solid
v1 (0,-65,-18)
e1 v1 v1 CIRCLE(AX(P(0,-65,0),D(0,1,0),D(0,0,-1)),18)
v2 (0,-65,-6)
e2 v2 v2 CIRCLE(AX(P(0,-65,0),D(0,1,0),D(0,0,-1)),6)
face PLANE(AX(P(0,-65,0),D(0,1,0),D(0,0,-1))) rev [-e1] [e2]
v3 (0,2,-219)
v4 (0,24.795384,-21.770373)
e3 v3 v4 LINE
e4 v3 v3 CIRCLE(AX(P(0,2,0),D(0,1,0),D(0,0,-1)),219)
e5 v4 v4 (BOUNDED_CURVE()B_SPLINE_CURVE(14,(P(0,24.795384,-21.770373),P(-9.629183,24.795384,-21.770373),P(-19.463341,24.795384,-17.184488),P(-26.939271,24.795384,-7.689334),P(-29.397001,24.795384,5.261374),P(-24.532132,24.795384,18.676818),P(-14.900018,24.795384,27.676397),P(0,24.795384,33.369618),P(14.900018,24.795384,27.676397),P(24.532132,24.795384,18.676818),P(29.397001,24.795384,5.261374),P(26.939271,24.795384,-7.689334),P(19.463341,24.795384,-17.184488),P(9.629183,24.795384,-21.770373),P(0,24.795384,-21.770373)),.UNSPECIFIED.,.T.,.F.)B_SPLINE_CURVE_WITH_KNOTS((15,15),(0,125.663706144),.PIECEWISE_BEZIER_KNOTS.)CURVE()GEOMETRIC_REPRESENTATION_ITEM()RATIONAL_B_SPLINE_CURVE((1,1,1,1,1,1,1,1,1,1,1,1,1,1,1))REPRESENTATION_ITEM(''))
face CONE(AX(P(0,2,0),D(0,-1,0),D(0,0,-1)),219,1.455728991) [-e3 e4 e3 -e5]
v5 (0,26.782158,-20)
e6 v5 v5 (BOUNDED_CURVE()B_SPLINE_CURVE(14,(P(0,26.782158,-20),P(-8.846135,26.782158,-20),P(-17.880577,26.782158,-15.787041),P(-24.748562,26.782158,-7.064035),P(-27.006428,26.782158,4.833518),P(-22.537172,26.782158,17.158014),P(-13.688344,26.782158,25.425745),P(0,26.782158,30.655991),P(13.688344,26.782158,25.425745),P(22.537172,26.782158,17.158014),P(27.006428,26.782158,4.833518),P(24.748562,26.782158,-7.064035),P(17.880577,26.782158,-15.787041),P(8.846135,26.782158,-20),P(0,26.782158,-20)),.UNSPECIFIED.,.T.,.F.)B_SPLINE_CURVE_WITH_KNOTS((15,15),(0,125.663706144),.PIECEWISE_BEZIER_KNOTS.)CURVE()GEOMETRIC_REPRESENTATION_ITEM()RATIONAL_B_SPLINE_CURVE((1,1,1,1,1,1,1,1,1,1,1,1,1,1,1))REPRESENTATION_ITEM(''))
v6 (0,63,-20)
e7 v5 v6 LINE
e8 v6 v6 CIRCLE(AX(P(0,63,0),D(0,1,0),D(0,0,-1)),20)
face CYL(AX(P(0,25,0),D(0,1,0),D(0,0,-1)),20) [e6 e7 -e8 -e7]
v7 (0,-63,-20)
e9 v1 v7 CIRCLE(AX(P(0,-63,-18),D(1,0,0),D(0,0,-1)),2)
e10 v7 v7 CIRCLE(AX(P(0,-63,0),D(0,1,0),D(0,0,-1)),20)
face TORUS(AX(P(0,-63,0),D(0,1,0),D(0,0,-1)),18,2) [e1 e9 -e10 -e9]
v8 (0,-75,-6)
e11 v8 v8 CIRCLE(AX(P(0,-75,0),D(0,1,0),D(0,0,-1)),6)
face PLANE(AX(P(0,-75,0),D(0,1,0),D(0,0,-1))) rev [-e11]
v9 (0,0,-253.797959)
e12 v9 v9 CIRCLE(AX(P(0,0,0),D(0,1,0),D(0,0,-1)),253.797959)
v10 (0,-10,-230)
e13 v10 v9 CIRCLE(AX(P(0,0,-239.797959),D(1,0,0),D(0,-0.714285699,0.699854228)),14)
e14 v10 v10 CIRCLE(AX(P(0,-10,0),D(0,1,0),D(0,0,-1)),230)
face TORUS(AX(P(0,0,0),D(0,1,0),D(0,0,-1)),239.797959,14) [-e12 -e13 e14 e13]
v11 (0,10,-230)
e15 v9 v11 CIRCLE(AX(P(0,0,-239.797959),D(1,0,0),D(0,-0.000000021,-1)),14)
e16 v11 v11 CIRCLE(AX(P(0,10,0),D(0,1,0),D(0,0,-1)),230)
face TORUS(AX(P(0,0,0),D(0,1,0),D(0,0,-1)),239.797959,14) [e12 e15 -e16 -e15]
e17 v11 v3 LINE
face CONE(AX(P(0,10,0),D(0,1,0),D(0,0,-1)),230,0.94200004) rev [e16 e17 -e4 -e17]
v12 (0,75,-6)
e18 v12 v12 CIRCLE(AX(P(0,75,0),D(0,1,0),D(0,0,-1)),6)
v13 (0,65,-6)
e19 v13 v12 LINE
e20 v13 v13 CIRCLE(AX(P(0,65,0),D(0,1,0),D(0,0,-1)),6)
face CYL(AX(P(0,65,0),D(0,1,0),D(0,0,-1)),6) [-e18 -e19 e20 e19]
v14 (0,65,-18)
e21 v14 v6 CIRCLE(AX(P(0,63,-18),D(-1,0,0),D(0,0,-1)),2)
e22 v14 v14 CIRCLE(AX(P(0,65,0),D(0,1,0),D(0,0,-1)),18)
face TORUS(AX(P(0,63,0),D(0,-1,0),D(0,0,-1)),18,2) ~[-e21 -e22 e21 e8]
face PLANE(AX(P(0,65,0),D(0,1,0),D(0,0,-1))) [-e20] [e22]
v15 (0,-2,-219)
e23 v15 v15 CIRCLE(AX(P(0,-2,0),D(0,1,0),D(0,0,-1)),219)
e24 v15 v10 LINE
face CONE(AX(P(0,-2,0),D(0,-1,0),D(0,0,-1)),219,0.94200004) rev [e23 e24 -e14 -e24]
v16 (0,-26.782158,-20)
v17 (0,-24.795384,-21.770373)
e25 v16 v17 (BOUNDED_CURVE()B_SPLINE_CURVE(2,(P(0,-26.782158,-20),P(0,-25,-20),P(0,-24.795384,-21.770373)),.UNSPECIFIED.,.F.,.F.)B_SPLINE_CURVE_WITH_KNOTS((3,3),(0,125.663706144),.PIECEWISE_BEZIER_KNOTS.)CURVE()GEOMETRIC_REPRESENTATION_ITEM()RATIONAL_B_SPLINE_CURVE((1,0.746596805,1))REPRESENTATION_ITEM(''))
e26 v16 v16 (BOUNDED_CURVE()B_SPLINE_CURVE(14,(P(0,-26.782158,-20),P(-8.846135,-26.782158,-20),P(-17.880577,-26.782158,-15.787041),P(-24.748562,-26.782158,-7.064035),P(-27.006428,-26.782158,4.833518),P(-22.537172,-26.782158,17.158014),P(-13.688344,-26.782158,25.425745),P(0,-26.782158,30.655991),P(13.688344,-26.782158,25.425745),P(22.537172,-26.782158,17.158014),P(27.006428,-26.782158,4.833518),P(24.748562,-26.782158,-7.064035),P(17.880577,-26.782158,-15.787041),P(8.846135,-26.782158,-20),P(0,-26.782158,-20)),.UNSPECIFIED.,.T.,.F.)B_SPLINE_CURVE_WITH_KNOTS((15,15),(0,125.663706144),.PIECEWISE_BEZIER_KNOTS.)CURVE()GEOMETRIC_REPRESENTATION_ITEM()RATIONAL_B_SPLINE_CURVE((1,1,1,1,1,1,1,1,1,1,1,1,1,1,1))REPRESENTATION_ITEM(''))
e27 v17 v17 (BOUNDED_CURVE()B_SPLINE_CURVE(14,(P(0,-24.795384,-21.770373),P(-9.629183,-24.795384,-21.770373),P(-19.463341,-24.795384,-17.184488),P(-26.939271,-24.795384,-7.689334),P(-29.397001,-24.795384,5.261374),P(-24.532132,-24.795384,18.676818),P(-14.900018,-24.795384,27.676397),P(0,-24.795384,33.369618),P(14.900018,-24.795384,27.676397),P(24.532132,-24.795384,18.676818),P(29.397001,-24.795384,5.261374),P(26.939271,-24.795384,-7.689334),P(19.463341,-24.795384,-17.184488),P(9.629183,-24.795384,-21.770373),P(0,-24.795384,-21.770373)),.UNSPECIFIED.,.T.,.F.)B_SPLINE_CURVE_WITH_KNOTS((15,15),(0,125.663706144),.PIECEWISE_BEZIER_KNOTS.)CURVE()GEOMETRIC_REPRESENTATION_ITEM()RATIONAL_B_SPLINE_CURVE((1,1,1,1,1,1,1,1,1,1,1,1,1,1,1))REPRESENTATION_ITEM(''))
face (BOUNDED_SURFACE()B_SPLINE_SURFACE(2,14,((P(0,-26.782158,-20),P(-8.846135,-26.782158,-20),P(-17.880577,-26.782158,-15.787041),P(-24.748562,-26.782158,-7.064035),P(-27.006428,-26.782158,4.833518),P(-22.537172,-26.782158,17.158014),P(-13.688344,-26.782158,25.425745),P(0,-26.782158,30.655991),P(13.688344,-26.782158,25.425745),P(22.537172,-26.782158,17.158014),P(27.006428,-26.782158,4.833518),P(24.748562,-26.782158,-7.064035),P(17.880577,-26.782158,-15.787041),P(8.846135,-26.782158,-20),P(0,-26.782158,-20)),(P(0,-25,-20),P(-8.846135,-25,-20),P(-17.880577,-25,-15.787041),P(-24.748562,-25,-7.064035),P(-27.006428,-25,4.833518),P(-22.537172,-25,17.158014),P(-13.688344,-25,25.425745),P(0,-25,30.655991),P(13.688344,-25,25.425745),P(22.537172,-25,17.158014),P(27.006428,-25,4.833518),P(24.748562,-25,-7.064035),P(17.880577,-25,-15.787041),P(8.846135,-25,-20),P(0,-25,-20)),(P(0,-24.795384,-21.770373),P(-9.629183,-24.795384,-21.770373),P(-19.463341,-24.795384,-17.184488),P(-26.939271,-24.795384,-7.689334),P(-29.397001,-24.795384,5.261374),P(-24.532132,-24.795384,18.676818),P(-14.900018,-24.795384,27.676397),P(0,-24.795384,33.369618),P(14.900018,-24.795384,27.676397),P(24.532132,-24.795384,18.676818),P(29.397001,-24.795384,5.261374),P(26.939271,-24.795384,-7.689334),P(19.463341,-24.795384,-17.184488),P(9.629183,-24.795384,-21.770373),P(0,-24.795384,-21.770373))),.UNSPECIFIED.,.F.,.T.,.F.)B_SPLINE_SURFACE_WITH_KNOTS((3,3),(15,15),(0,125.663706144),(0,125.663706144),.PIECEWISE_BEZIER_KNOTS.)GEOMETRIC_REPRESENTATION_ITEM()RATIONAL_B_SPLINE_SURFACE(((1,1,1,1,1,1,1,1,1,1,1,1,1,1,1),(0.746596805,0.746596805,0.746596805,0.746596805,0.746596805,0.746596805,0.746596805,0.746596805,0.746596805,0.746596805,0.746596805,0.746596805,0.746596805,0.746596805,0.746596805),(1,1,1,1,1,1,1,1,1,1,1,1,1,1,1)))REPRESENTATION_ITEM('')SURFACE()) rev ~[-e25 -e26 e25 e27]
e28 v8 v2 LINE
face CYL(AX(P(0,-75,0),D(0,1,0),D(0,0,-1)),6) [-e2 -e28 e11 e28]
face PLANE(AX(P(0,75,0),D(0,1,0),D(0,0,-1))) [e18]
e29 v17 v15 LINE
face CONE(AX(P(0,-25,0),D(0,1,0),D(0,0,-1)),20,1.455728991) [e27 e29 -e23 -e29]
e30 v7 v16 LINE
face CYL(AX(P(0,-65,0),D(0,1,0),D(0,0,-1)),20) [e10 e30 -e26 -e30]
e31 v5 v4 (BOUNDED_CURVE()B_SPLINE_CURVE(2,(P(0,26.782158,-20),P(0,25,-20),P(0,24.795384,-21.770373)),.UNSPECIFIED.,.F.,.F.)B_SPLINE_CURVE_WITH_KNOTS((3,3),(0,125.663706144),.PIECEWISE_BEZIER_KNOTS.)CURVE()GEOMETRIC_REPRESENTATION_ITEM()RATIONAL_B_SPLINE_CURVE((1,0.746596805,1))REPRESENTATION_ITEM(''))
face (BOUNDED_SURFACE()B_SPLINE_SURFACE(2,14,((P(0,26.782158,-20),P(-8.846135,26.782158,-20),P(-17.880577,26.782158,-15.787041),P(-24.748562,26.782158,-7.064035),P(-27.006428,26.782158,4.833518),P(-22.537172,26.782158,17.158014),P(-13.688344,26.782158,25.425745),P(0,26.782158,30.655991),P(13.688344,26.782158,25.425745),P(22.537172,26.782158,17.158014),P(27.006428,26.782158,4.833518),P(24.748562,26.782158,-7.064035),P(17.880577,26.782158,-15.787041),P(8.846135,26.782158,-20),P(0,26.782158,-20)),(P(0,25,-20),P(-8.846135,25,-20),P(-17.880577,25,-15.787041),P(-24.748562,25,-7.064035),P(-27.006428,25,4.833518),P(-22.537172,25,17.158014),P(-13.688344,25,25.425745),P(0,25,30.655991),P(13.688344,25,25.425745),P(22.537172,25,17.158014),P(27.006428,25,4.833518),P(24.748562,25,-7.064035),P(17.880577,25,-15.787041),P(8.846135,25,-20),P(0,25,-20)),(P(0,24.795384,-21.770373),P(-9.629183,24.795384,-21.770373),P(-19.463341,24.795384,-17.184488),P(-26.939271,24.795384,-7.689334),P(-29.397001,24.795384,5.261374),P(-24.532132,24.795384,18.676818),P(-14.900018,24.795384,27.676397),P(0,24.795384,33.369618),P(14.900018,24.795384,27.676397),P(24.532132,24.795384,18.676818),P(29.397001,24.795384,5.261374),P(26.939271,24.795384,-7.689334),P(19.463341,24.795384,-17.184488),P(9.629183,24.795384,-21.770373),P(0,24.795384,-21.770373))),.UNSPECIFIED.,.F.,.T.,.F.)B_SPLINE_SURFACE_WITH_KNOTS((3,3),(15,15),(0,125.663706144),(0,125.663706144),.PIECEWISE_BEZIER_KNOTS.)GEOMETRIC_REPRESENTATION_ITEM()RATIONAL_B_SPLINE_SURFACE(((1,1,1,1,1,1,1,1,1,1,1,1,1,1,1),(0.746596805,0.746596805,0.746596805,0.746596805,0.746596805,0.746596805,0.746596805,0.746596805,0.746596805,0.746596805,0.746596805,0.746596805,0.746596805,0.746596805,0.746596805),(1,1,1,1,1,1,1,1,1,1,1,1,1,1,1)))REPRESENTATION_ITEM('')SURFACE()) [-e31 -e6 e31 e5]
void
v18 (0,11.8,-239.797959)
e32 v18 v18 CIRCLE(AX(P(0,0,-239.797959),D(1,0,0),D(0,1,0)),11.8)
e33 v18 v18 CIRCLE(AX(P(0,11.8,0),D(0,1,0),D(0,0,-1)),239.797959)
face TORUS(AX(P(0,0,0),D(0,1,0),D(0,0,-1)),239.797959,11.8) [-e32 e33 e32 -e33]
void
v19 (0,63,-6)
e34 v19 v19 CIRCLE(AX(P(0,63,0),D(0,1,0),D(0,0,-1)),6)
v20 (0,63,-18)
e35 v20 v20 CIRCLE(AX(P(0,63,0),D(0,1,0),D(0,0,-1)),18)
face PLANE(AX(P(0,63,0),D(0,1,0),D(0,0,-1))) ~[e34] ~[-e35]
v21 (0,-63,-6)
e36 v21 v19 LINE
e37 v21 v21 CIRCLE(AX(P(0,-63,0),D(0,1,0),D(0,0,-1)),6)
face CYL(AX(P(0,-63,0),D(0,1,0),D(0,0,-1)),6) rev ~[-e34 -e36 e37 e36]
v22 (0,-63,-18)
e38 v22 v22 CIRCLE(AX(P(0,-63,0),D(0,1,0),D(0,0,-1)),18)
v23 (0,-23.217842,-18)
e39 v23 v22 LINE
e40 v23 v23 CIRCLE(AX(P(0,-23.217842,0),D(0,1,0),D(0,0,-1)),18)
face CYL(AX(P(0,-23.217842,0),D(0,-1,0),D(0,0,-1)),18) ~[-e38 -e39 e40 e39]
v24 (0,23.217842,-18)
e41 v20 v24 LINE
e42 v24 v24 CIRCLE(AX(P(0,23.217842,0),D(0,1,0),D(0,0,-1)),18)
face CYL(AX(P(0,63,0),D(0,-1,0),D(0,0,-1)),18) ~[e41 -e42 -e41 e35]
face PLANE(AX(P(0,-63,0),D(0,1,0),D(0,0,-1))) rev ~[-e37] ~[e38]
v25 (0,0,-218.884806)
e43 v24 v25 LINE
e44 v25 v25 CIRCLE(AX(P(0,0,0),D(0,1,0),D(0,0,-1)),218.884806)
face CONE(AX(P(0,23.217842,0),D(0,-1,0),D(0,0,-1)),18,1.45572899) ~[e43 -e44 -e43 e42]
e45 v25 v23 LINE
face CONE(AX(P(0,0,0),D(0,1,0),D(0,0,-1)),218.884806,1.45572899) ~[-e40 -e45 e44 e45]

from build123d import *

# Parameters (mm, degrees)
F0_R = 11.8
F2_R = 2


with BuildPart() as f1:
    # F0 (on Right) → F1 (revolve)
    with BuildSketch(Plane.YZ):
        with BuildLine():
            Line((0, 0), (-75, 0))
            Line((-75, 0), (-75, -6))
            Line((-75, -6), (-65, -6))
            Line((-65, -6), (-65, -20))
            Line((-65, -20), (-25, -20))
            Line((-25, -20), (-2, -219))
            Line((-2, -219), (-10, -230))
            ThreePointArc((-10, -230), (-12.906809, -245.221453), (0, -253.797959))
            ThreePointArc((0, -253.797959), (12.906809, -245.221453), (10, -230))
            Line((10, -230), (2, -219))
            Line((2, -219), (25, -20))
            Line((25, -20), (65, -20))
            Line((65, -20), (65, -6))
            Line((65, -6), (75, -6))
            Line((75, -6), (75, 0))
            Line((75, 0), (0, 0))
        make_face()
        with Locations((0, -239.797959)):
            Circle(F0_R, mode=Mode.SUBTRACT)
        Polygon((-63, -18), (-63, -6), (63, -6), (63, -18), (23.217842, -18), (0, -218.884806), (-23.217842, -18), align=None, mode=Mode.SUBTRACT)
    revolve(axis=Axis((0, -37.5, 0), (0, 1, 0)))

    # F2
    f2_edges = [f1.edges().sort_by_distance(p)[0] for p in [
        (0, -65, 20),
        (0, -25, 20),
        (0, 25, 20),
        (0, 65, 20),
    ]]
    fillet(f2_edges, radius=F2_R)


solid = f1.part
